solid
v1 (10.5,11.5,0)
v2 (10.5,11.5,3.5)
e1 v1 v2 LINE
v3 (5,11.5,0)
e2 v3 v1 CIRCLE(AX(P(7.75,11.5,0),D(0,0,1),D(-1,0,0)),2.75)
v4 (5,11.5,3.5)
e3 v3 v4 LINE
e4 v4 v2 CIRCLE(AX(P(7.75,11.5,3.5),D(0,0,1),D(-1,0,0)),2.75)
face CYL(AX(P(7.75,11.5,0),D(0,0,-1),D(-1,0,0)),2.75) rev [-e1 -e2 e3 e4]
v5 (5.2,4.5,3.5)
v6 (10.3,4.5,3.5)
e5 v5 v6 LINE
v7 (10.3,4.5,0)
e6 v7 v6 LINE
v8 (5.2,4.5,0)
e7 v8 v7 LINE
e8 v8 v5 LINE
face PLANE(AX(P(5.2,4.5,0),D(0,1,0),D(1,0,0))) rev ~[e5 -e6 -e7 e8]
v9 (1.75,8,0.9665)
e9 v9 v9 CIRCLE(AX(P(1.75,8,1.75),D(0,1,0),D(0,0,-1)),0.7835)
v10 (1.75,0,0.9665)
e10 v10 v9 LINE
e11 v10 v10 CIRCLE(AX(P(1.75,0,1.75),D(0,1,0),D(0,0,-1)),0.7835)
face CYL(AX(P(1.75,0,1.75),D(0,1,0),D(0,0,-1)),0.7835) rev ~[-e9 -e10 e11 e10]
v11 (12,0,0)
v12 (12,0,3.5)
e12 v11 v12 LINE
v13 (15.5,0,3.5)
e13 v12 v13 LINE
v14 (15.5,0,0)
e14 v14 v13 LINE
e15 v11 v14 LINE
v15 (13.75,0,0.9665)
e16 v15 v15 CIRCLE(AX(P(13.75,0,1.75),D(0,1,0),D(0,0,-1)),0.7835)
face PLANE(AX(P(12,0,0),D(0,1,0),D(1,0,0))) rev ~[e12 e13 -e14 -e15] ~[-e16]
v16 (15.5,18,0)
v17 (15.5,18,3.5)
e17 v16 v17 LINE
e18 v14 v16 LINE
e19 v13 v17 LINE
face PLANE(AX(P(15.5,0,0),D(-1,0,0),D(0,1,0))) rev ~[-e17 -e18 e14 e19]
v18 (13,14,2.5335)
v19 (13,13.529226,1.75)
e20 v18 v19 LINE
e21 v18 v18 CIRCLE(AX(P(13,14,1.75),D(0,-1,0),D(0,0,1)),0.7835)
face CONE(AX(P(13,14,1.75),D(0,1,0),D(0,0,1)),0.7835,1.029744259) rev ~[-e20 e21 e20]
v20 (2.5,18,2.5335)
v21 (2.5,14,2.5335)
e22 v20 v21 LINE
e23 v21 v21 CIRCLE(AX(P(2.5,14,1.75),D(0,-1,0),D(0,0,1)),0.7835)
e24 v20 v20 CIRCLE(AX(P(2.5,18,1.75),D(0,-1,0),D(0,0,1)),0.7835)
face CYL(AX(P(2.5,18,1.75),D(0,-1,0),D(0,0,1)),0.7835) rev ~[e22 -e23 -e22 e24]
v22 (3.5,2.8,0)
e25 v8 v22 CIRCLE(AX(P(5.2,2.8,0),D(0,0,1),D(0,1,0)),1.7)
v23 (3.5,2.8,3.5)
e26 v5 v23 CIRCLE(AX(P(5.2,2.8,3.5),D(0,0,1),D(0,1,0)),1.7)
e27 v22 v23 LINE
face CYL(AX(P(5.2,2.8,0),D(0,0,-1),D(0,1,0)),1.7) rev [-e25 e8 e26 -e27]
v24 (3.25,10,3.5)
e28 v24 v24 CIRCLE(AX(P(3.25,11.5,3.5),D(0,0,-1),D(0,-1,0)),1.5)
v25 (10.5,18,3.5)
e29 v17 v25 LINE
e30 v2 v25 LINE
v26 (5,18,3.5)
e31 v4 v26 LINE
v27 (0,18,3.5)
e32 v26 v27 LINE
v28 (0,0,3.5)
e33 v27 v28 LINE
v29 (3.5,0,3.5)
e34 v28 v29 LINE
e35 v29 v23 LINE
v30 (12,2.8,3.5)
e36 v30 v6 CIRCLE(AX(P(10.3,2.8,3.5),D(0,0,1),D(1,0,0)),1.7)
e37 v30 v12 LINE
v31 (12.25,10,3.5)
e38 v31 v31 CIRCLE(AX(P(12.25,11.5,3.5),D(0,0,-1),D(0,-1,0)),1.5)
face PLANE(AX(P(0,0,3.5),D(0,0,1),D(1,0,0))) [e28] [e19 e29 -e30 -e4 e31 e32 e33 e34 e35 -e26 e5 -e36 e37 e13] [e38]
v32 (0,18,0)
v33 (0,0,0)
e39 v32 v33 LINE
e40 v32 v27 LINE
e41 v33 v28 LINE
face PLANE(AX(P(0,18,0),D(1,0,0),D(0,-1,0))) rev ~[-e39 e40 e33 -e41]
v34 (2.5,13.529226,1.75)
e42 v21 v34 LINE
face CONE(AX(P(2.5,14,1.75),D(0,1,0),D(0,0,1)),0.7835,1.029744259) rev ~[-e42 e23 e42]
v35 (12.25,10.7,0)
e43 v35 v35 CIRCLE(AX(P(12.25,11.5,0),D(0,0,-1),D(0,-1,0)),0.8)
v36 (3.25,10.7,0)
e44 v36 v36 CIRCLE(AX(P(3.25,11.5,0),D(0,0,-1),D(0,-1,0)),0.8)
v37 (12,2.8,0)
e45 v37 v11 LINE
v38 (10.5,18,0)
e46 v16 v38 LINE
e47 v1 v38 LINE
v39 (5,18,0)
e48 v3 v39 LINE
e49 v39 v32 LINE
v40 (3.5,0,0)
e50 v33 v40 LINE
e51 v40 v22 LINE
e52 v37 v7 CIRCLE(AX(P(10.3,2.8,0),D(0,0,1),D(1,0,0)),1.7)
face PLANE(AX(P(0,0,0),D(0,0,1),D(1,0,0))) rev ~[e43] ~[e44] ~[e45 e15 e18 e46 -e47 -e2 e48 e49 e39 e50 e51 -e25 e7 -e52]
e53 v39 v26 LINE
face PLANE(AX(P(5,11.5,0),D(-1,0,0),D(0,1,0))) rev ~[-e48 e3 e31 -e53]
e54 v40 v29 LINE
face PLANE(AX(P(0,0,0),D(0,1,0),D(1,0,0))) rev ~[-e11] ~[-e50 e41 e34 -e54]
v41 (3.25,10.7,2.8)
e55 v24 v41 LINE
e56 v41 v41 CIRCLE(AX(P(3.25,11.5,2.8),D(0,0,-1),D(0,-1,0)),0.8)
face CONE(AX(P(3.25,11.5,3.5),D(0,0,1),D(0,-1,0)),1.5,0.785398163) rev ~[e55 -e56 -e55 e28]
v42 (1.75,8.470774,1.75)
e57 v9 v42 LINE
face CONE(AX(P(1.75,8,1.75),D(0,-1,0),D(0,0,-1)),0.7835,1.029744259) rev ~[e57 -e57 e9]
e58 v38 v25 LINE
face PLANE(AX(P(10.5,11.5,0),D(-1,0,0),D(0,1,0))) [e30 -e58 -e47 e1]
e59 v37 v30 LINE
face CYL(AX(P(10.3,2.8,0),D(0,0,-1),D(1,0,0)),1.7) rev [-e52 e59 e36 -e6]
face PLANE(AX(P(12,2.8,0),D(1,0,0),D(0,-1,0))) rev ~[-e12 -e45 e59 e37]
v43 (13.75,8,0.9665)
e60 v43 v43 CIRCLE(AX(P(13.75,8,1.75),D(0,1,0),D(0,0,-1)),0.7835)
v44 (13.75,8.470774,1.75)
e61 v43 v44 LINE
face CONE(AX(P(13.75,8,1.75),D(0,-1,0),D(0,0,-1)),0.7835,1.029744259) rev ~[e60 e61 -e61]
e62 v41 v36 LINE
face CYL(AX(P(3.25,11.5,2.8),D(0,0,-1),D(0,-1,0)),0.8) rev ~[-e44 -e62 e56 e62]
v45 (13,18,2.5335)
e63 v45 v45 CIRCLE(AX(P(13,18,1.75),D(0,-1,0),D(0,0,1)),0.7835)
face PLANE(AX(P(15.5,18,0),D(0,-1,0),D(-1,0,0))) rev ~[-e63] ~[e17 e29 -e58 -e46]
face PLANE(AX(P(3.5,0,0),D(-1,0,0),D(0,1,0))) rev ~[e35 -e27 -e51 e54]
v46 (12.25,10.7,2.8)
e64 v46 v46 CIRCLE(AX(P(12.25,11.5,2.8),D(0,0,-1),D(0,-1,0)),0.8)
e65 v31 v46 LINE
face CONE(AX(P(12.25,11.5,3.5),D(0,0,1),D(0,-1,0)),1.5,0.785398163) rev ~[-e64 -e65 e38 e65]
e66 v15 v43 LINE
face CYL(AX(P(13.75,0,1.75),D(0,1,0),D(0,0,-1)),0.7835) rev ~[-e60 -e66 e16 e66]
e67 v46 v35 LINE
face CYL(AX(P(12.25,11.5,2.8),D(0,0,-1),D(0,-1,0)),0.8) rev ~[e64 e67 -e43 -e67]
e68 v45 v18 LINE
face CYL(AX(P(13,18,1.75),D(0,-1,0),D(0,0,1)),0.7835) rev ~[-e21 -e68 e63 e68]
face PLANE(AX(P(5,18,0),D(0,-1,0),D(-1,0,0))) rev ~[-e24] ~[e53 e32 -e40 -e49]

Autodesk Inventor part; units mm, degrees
ref_plane "YZ Plane" through (0, 0, 0) normal (1, 0, 0) x (0, 1, 0)
ref_plane "XZ Plane" through (0, 0, 0) normal (0, 1, 0) x (-1, 0, 0)
ref_plane "XY Plane" through (0, 0, 0) normal (0, 0, 1) x (1, 0, 0)
sketch "Sketch1" plane through (0, 0, 0) normal (0, 0, 1) x (1, 0, 0)
  line L0 (15.5, 0) -> (15.5, 18)
  line L1 (0, 18) -> (0, 0)
  line L2 (7.75, 16.4813) -> (7.75, -1.3789) construction
  arc A0 (5, 11.5) -> (10.5, 11.5) centre (7.75, 11.5) ccw
  line L3 (5, 11.5) -> (5, 18)
  line L4 (10.5, 11.5) -> (10.5, 18)
  line L5 (15.5, 18) -> (10.5, 18)
  line L6 (5, 18) -> (0, 18)
  line L7 (3.5, 0) -> (3.5, 2.8)
  line L8 (5.2, 4.5) -> (10.3, 4.5)
  line L9 (12, 2.8) -> (12, 0)
  line L10 (0, 0) -> (3.5, 0)
  line L11 (12, 0) -> (15.5, 0)
  arc A1 (5.2, 4.5) -> (3.5, 2.8) centre (5.2, 2.8) ccw
  arc A2 (12, 2.8) -> (10.3, 4.5) centre (10.3, 2.8) ccw
  line L12 (1.3235, 11.5) -> (14.2571, 11.5) construction
  point P0 (3.25, 11.5)
  point P1 (12.25, 11.5)
  dimension "d0" = 15.5
  dimension "d1" = 18
  dimension "d3" = 5.5
  dimension "d4" = 6.5
  dimension "d5" = 4.5
  dimension "d6" = 8.5
  dimension "d7" = 1.7
  dimension "d8" = 9
sketch "Sketch2" plane through (0, 0, 0) normal (0, 0, 1) x (1, 0, 0)
  line L0 (0, 18) -> (0, 0) projected
  line L1 (5, 18) -> (0, 18) projected
  line L2 (5, 11.5) -> (5, 18) projected
  arc A0 (5, 11.5) -> (10.5, 11.5) centre (7.75, 11.5) ccw projected
  line L3 (10.5, 11.5) -> (10.5, 18) projected
  line L4 (15.5, 18) -> (10.5, 18) projected
  line L5 (15.5, 0) -> (15.5, 18) projected
  line L6 (12, 2.8) -> (12, 0) projected
  line L7 (12, 0) -> (15.5, 0) projected
  arc A1 (12, 2.8) -> (10.3, 4.5) centre (10.3, 2.8) ccw projected
  line L8 (5.2, 4.5) -> (10.3, 4.5) projected
  arc A2 (5.2, 4.5) -> (3.5, 2.8) centre (5.2, 2.8) ccw projected
  line L9 (3.5, 0) -> (3.5, 2.8) projected
  line L10 (0, 0) -> (3.5, 0) projected
extrude "Extrusion1" add sketch "Sketch2" along normal blind 3.5
sketch "Sketch3" plane through (0, 0, 3.5) normal (0, 0, 1) x (1, 0, 0)
  point P0 (0, 0)
  point P1 (3.25, 11.5)
  point P2 (12.25, 11.5)
hole "Hole1" at (3.25, 11.5, 3.5) at (12.25, 11.5, 3.5) direction (0, 0, -1) diameter 1.6 end through all countersink diameter 3 countersink angle 90
sketch "Sketch4" plane through (0, 18, 0) normal (0, 1, 0) x (1, 0, 0)
  line L0 (0, 0) -> (0, -3.5) projected
  line L1 (0, -1.75) -> (15.5, -1.75) construction
  line L2 (15.5, 0) -> (15.5, -3.5) projected
  line L3 (5.2, -3.5) -> (10.3, -3.5) projected
  line L4 (7.75, -3.5) -> (7.75, 0) construction
  point P0 (2.5, -1.75)
  point P1 (13, -1.75)
  dimension "d18" = 10.5
hole "Hole2" at (2.5, 18, 1.75) at (13, 18, 1.75) direction (0, -1, 0) diameter 1.567 depth 4 tip angle 118 thread size "M2x0.4" class "6H" standard "ANSI Metric M Profile"
sketch "Sketch5" plane through (0, 0, 0) normal (0, -1, 0) x (1, 0, 0)
  line L0 (0, 0) -> (0, 3.5) projected
  line L1 (0, 1.75) -> (15.5, 1.75) construction
  line L2 (15.5, 0) -> (15.5, 3.5) projected
  line L3 (5, 3.5) -> (10.5, 3.5) projected
  line L4 (7.75, 3.5) -> (7.75, 0) construction
  line L5 (10.5, 0) -> (5, 0) projected
  point P0 (1.75, 1.75)
  point P1 (13.75, 1.75)
  dimension "d26" = 12
hole "Hole3" at (1.75, 0, 1.75) at (13.75, 0, 1.75) direction (0, 1, 0) diameter 1.567 depth 8 tip angle 118 thread size "M2x0.4" class "6H" standard "ANSI Metric M Profile"
properties part number "mount_motor_side"
